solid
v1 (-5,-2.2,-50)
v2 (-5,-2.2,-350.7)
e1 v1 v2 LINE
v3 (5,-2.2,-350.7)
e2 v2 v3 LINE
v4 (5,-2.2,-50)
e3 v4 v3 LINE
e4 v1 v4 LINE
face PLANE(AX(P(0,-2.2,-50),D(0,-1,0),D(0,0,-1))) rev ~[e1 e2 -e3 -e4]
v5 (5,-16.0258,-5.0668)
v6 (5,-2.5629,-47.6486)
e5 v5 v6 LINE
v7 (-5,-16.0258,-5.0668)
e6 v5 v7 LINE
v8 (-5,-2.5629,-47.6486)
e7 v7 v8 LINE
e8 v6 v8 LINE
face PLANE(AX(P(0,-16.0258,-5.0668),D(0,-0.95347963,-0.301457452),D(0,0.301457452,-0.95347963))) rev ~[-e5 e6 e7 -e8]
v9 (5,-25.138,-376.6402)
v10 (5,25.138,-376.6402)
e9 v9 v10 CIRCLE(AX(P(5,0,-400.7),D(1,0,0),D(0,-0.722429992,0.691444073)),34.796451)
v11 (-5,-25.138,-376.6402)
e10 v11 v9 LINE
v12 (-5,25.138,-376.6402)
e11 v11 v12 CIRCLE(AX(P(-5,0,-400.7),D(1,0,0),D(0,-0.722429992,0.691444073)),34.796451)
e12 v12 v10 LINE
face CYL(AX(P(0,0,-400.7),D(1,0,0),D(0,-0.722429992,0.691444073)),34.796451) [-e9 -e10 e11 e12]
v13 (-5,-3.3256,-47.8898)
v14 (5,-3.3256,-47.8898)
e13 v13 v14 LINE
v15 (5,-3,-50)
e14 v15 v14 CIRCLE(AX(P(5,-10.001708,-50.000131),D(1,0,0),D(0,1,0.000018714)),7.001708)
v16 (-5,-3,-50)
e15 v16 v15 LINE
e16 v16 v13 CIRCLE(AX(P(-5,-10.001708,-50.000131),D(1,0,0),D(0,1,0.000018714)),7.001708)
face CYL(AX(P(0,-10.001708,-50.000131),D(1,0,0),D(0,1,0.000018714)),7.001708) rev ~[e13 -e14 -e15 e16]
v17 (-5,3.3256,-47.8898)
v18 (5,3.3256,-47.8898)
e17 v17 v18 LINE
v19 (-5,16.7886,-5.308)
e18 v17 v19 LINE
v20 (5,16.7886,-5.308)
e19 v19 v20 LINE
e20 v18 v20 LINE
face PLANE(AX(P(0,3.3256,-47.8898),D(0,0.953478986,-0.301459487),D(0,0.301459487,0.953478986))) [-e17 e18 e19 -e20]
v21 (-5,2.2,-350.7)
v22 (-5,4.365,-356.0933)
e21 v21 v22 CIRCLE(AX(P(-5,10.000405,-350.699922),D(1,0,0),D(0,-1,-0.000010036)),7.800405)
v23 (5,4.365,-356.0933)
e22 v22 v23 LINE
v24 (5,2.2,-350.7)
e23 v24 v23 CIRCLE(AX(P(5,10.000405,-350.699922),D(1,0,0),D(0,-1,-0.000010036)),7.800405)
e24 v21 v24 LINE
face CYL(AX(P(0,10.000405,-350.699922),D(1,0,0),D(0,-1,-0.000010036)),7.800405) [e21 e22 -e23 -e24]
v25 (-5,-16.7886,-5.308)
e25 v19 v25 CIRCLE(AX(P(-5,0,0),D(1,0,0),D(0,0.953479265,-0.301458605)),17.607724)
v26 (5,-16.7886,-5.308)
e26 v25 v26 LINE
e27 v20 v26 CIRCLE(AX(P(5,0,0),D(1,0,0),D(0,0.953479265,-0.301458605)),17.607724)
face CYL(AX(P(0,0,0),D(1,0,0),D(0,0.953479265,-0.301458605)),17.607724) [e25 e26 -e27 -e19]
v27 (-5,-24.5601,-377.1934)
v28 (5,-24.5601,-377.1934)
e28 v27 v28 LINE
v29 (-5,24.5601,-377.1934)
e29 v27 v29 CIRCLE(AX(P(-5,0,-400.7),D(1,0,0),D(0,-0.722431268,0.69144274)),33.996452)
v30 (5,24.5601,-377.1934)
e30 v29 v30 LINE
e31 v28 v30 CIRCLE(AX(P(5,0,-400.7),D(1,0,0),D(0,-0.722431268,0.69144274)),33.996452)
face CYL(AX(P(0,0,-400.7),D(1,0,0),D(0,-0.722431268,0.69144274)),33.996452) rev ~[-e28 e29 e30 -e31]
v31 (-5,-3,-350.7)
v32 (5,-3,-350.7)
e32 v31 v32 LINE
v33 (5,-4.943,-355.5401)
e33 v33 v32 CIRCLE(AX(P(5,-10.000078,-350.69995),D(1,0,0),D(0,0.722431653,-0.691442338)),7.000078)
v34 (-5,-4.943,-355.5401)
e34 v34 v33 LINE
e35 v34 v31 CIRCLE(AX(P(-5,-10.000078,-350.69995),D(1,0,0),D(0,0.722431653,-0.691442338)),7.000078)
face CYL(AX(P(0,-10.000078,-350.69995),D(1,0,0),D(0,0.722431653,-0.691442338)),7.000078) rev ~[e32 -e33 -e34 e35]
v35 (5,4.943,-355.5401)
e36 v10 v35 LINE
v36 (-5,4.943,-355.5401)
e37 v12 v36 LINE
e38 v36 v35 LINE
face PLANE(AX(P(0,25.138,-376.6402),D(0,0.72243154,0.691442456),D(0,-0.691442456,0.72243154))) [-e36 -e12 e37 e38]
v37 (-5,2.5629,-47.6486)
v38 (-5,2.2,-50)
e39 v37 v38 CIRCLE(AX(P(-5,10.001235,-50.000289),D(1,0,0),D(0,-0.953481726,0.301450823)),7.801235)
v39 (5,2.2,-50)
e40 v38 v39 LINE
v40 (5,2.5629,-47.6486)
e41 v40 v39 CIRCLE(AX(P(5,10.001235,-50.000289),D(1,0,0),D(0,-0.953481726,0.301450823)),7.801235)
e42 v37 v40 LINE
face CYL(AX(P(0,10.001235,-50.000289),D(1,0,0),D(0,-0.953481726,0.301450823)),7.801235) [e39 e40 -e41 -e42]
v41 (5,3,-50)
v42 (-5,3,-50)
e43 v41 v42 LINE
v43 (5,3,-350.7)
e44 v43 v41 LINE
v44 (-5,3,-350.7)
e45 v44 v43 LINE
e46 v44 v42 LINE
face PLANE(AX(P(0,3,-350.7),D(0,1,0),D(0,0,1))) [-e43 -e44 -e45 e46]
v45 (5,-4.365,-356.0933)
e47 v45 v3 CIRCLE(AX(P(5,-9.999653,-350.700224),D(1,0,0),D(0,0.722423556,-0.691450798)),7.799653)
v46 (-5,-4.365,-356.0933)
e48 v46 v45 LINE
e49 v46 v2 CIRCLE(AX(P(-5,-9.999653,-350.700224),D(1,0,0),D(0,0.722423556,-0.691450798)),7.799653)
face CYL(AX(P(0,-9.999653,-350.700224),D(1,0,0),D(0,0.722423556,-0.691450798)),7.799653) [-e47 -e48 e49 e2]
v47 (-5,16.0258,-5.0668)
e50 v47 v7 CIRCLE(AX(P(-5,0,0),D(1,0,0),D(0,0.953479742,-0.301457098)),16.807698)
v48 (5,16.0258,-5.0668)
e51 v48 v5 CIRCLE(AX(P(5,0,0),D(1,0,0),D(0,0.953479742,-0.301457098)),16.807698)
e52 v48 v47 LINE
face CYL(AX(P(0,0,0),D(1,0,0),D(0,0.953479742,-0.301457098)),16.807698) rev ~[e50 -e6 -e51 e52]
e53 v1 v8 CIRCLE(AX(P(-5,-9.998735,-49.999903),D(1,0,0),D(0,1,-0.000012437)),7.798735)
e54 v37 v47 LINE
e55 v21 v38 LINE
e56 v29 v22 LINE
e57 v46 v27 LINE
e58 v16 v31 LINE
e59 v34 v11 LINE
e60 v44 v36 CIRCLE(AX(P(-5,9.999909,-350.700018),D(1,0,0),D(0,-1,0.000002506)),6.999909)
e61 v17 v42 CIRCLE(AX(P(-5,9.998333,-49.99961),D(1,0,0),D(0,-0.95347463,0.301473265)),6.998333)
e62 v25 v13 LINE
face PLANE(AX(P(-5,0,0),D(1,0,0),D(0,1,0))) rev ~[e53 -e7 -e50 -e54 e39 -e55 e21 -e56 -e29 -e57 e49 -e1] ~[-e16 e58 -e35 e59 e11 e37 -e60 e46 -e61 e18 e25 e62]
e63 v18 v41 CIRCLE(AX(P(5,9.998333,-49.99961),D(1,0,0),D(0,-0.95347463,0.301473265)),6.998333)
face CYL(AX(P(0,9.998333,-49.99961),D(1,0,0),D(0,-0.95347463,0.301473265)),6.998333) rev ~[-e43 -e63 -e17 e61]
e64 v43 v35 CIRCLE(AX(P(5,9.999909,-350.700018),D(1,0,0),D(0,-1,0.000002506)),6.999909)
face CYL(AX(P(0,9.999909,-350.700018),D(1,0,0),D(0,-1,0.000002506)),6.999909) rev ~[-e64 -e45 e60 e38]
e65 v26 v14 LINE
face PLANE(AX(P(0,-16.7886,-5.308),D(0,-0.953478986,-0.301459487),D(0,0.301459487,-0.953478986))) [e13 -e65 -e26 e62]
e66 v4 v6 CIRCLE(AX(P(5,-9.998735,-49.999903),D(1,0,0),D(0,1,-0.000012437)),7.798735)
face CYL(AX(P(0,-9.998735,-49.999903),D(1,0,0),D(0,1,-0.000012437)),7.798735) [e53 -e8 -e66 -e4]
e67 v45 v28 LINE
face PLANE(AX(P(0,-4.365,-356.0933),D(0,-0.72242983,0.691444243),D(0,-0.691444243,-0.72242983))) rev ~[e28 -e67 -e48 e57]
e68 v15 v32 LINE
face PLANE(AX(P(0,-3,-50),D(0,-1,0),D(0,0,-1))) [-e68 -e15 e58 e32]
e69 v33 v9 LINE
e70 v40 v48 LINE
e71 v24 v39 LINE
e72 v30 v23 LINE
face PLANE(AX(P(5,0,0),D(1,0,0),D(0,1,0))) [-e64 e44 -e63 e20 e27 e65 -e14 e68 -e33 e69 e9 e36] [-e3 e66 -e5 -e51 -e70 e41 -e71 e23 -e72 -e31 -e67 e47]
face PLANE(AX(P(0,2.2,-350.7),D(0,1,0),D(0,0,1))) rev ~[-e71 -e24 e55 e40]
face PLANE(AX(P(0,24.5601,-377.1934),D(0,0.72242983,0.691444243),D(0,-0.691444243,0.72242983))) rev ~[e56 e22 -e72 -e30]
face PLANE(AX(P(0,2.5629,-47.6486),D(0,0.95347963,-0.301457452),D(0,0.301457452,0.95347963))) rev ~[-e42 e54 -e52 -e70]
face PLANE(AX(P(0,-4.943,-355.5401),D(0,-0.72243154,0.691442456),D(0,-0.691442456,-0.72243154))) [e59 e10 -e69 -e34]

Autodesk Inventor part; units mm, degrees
ref_plane "YZ Plane" through (0, 0, 0) normal (1, 0, 0) x (0, 1, 0)
ref_plane "XZ Plane" through (0, 0, 0) normal (0, 1, 0) x (-1, 0, 0)
ref_plane "XY Plane" through (0, 0, 0) normal (0, 0, 1) x (1, 0, 0)
sketch "スケッチ1" plane through (0, 0, 0) normal (1, 0, 0) x (0, 1, 0)
  arc A0 (16.3891, -5.1817) -> (-16.3891, -5.1817) centre (0, 0) ccw
  arc A1 (-24.8353, -376.9299) -> (24.8353, -376.9299) centre (0, -400.7) ccw
  arc A2 (-2.581, -50) -> (-2.9261, -47.7635) centre (-10, -50) ccw
  line L0 (-2.9261, -47.7635) -> (-16.3891, -5.1817)
  line L1 (16.3891, -5.1817) -> (2.9261, -47.7635)
  line L2 (24.8353, -376.9299) -> (4.6403, -355.8298)
  line L3 (-24.8353, -376.9299) -> (-4.6403, -355.8298)
  arc A3 (2.9261, -47.7635) -> (2.581, -50) centre (10, -50) ccw
  arc A4 (2.581, -350.7) -> (4.6403, -355.8298) centre (10, -350.7) ccw
  arc A5 (-4.6403, -355.8298) -> (-2.581, -350.7) centre (-10, -350.7) ccw
  line L4 (-2.581, -50) -> (-2.581, -350.7)
  line L5 (2.581, -350.7) -> (2.581, -50)
  line L6 (3.3256, -47.8898) -> (16.7886, -5.308)
  arc A6 (16.7886, -5.308) -> (-16.7886, -5.308) centre (0, 0) ccw
  line L7 (-16.7886, -5.308) -> (-3.3256, -47.8898)
  arc A7 (-3, -50) -> (-3.3256, -47.8898) centre (-10, -50) ccw
  line L8 (-3, -50) -> (-3, -350.7)
  arc A8 (-4.943, -355.5401) -> (-3, -350.7) centre (-10, -350.7) ccw
  line L9 (-4.943, -355.5401) -> (-25.138, -376.6402)
  arc A9 (-25.138, -376.6402) -> (25.138, -376.6402) centre (0, -400.7) ccw
  line L10 (25.138, -376.6402) -> (4.943, -355.5401)
  arc A10 (3, -350.7) -> (4.943, -355.5401) centre (10, -350.7) ccw
  line L11 (3, -350.7) -> (3, -50)
  arc A11 (3.3256, -47.8898) -> (3, -50) centre (10, -50) ccw
  arc A12 (2.5629, -47.6486) -> (2.2, -50) centre (10, -50) ccw
  line L12 (2.5629, -47.6486) -> (16.0258, -5.0668)
  arc A13 (16.0258, -5.0668) -> (-16.0258, -5.0668) centre (0, 0) ccw
  line L13 (-16.0258, -5.0668) -> (-2.5629, -47.6486)
  arc A14 (-2.2, -50) -> (-2.5629, -47.6486) centre (-10, -50) ccw
  line L14 (-2.2, -50) -> (-2.2, -350.7)
  arc A15 (-4.365, -356.0933) -> (-2.2, -350.7) centre (-10, -350.7) ccw
  line L15 (-4.365, -356.0933) -> (-24.5601, -377.1934)
  arc A16 (-24.5601, -377.1934) -> (24.5601, -377.1934) centre (0, -400.7) ccw
  line L16 (24.5601, -377.1934) -> (4.365, -356.0933)
  arc A17 (2.2, -350.7) -> (4.365, -356.0933) centre (10, -350.7) ccw
  line L17 (2.2, -350.7) -> (2.2, -50)
  dimension "d0" = 34.3775
  dimension "d1" = 68.7549
  dimension "d2" = 400.7
  dimension "d39" = 0.419
  dimension "d40" = 0.8
  dimension "d41" = 7
  dimension "d42" = 7
  dimension "d43" = 7
  dimension "d44" = 7
  dimension "d45" = 10
  dimension "d46" = 10
  dimension "d47" = 50
  dimension "d48" = 50
extrude "押し出し1" add sketch "スケッチ1" along normal mid plane 10 contours L1 A3 L5 A4 L2 A1 L3 A5 L4 A2 L0 A0 | A11 L11 A10 L10 A9 L9 A8 L8 A7 L7 A6 L6
equation "\"d41\" = d43"
equation "\"d43\" = d44"
equation "\"d44\" = d42"
equation "\"d46\" = d45"
properties part number "scara-belt3" material "ゴム"
